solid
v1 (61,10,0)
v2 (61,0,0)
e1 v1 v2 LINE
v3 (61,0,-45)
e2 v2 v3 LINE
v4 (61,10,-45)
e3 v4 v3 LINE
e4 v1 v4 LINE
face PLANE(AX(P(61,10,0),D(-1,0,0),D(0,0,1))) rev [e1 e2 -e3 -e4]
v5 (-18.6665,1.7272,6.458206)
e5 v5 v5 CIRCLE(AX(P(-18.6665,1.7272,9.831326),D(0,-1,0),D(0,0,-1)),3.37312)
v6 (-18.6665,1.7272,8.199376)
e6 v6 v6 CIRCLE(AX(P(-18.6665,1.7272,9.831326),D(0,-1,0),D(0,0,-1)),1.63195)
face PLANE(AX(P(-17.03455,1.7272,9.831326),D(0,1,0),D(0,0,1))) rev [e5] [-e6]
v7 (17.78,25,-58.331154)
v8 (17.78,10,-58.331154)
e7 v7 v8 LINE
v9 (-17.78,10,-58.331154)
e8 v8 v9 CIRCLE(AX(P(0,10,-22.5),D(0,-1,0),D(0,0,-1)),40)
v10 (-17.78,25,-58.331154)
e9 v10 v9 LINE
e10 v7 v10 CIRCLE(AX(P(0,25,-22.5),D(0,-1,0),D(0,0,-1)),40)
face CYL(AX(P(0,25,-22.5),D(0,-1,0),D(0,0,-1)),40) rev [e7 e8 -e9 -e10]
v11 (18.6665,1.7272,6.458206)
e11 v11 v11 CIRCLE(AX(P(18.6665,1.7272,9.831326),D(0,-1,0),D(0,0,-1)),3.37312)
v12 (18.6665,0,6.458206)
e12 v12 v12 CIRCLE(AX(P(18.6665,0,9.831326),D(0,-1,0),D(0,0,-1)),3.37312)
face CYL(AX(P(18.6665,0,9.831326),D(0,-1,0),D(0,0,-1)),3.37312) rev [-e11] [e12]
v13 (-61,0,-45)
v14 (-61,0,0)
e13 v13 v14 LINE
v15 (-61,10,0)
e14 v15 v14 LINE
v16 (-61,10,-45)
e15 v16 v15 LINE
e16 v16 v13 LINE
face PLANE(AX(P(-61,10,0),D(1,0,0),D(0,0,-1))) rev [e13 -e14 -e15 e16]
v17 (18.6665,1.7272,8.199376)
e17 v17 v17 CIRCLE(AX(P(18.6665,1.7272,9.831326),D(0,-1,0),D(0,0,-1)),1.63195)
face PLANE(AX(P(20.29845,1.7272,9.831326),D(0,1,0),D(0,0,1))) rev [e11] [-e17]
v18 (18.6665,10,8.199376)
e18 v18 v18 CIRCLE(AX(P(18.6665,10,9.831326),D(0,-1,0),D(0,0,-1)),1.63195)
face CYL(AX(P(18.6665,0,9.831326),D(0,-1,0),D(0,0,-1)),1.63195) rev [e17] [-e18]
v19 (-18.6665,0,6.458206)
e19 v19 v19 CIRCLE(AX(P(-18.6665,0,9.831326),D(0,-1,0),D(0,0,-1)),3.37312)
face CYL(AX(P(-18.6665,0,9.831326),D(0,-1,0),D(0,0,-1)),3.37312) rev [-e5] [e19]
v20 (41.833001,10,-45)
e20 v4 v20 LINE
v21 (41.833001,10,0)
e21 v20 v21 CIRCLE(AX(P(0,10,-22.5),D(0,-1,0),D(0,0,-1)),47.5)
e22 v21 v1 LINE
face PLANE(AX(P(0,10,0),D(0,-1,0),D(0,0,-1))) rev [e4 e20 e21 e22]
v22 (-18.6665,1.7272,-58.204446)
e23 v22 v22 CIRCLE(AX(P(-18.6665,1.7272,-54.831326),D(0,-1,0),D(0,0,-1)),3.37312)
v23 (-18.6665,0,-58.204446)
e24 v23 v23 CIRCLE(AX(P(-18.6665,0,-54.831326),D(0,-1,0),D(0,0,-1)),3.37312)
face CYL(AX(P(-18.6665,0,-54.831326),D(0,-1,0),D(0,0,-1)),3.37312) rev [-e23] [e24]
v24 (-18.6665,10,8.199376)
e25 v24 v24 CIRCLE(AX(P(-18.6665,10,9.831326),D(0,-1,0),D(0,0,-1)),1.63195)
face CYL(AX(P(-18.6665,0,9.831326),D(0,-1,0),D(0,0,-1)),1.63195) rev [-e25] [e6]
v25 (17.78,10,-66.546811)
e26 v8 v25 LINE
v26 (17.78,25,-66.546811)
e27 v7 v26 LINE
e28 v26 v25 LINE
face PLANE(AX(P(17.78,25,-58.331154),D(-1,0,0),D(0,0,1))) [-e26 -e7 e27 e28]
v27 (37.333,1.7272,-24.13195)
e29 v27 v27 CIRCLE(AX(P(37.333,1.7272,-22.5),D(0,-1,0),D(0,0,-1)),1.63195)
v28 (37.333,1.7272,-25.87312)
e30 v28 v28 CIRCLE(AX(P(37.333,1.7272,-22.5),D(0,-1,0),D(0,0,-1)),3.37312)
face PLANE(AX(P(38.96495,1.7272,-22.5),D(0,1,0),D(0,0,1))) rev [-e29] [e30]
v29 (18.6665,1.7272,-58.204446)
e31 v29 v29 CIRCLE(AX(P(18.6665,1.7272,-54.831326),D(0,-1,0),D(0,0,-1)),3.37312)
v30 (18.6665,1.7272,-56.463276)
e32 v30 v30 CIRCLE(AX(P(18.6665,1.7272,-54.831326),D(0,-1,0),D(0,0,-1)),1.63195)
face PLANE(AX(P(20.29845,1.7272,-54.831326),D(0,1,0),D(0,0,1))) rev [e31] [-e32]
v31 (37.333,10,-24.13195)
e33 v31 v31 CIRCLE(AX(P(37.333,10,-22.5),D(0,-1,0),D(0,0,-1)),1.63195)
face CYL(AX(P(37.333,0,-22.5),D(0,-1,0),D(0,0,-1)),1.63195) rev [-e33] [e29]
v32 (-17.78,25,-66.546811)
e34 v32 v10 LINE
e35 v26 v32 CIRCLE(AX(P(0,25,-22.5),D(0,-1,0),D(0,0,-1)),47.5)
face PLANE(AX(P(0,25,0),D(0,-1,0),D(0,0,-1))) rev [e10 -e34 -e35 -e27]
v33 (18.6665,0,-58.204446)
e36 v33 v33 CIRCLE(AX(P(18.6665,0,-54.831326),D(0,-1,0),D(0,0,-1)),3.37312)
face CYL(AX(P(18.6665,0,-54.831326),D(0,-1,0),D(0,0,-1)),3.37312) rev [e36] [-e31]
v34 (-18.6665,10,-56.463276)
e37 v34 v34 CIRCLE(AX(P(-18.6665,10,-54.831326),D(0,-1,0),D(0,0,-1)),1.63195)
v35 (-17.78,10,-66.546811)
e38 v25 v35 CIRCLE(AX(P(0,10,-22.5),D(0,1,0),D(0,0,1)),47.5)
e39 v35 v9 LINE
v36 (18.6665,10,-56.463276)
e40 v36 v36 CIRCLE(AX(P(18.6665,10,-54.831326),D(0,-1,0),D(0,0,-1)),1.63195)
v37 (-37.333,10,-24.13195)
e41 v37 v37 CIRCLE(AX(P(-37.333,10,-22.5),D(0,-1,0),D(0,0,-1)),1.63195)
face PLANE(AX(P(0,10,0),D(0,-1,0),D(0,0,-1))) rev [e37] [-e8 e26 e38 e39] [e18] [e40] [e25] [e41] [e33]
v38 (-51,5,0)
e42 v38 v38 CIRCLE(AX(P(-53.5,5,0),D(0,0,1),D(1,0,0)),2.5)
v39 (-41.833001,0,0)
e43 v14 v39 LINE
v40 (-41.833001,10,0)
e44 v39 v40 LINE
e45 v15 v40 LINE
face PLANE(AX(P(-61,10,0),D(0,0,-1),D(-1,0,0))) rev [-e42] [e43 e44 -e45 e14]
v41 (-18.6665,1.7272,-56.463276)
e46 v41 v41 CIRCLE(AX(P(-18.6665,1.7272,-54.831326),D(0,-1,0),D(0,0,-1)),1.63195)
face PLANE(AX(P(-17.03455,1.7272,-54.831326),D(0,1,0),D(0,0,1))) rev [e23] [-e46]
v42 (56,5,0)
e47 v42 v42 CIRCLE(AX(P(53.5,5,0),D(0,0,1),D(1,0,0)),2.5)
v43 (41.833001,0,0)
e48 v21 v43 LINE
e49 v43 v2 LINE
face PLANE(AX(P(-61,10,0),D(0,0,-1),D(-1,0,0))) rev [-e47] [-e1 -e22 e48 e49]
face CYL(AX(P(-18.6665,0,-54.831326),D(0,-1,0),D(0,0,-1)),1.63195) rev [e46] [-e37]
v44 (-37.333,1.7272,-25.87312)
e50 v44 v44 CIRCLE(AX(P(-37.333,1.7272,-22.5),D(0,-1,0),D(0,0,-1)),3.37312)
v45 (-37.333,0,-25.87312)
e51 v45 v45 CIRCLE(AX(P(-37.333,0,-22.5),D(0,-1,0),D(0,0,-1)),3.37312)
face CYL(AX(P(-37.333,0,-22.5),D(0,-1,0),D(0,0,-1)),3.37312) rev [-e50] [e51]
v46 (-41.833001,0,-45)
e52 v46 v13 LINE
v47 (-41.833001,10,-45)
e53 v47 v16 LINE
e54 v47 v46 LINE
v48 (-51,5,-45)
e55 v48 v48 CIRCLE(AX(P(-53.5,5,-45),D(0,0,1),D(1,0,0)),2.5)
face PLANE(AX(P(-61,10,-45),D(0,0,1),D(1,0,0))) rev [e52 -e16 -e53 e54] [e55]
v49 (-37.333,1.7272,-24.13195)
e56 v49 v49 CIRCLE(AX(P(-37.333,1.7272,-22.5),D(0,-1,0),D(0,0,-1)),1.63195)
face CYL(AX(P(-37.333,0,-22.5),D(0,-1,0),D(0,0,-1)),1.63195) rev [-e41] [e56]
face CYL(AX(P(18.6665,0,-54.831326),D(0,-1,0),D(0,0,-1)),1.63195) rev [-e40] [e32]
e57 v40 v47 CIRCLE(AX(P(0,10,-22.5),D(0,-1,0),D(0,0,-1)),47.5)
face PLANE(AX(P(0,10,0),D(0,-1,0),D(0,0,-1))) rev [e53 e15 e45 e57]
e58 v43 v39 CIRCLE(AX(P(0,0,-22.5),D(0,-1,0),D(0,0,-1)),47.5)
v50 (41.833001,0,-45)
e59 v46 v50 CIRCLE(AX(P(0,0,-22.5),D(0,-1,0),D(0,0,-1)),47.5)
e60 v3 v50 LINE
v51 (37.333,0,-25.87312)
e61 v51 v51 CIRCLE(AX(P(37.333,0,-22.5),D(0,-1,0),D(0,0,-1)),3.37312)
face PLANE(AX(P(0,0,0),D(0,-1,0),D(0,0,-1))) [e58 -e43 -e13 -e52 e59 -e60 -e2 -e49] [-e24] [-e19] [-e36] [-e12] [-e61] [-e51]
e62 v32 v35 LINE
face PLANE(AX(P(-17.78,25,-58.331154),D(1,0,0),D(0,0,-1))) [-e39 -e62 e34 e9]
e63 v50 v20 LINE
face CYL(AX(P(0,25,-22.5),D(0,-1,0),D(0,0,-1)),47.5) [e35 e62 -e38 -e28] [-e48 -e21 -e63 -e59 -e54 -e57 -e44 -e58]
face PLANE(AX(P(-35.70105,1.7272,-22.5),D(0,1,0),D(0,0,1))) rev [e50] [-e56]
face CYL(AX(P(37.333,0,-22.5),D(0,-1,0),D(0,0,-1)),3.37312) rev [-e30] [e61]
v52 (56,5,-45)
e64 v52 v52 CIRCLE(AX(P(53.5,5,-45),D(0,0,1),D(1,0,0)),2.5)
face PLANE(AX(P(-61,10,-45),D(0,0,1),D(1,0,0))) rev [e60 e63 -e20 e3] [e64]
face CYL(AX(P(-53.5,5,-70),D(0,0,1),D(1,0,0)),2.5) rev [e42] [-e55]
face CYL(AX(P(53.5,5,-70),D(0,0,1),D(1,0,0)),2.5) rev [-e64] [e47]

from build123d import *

# Parameters (mm, degrees)
SKETCH7_W                                           = 122
SKETCH7_H                                           = 45
BOSS_EXTRUDE1_DEPTH                                 = 10
SKETCH9_R                                           = 2.5
BOSS_EXTRUDE2_DEPTH                                 = 10
BOSS_EXTRUDE3_START                                 = -25
SKETCH10_R                                          = 40
BOSS_EXTRUDE3_DEPTH                                 = 25
SKETCH11_R                                          = 2.5
CUT_EXTRUDE5_DEPTH                                  = 97.15612305
CUT_EXTRUDE6_DEPTH                                  = 95.053176448
CBORE_FOR_4_BINDING_HEAD_MACHINE_SCREW1_D           = 3.2639
CBORE_FOR_4_BINDING_HEAD_MACHINE_SCREW1_CBORE_D     = 6.74624
CBORE_FOR_4_BINDING_HEAD_MACHINE_SCREW1_CBORE_DEPTH = 1.7272


with BuildPart() as part:
    # Sketch7 → Boss-Extrude1 (new body)
    with BuildSketch(Plane(origin=(0, 0, 0), x_dir=(1, 0, 0), z_dir=(0, 1, 0))):
        with Locations((0, 22.5)):
            Rectangle(SKETCH7_W, SKETCH7_H)
    extrude(amount=BOSS_EXTRUDE1_DEPTH)

    # Sketch9 → Boss-Extrude2 (add)
    # profile 1 of 9: a face of its own
    with BuildSketch(Plane(origin=(0, 10, 0), x_dir=(1, 0, 0), z_dir=(0, 1, 0))):
        with BuildLine():
            ThreePointArc((35.858512086, 0), (40.682190705, 10.793495465), (42.333, 22.5))
            ThreePointArc((42.333, 22.5), (40.682190705, 34.206504535), (35.858512086, 45))
            Line((35.858512086, 45), (-35.858512086, 45))
            ThreePointArc((-35.858512086, 45), (-42.333, 22.5), (-35.858512086, 0))
            Line((-35.858512086, 0), (35.858512086, 0))
        make_face()
        with Locations((37.333, 22.5)):
            Circle(SKETCH9_R, mode=Mode.SUBTRACT)
        with Locations((-37.333, 22.5)):
            Circle(SKETCH9_R, mode=Mode.SUBTRACT)
    # profile 2 of 9: a face of its own
    with BuildSketch(Plane(origin=(0, 10, 0), x_dir=(1, 0, 0), z_dir=(0, 1, 0))):
        with Locations((37.333, 22.5)):
            Circle(SKETCH9_R)
    # profile 3 of 9: a face of its own
    with BuildSketch(Plane(origin=(0, 10, 0), x_dir=(1, 0, 0), z_dir=(0, 1, 0))):
        with Locations((-37.333, 22.5)):
            Circle(SKETCH9_R)
    # profile 4 of 9: a face of its own
    with BuildSketch(Plane(origin=(0, 10, 0), x_dir=(1, 0, 0), z_dir=(0, 1, 0))):
        with BuildLine():
            ThreePointArc((-35.858512086, 0), (0, -19.833), (35.858512086, 0))
            Line((35.858512086, 0), (-35.858512086, 0))
        make_face()
        with Locations((-18.6665, -9.831326399)):
            Circle(SKETCH9_R, mode=Mode.SUBTRACT)
        with Locations((18.6665, -9.831326399)):
            Circle(SKETCH9_R, mode=Mode.SUBTRACT)
    # profile 5 of 9: a face of its own
    with BuildSketch(Plane(origin=(0, 10, 0), x_dir=(1, 0, 0), z_dir=(0, 1, 0))):
        with Locations((18.6665, -9.831326399)):
            Circle(SKETCH9_R)
    # profile 6 of 9: a face of its own
    with BuildSketch(Plane(origin=(0, 10, 0), x_dir=(1, 0, 0), z_dir=(0, 1, 0))):
        with Locations((-18.6665, -9.831326399)):
            Circle(SKETCH9_R)
    # profile 7 of 9: a face of its own
    with BuildSketch(Plane(origin=(0, 10, 0), x_dir=(1, 0, 0), z_dir=(0, 1, 0))):
        with BuildLine():
            Line((-35.858512086, 45), (35.858512086, 45))
            ThreePointArc((35.858512086, 45), (0, 64.833), (-35.858512086, 45))
        make_face()
        with Locations((-18.6665, 54.831326399)):
            Circle(SKETCH9_R, mode=Mode.SUBTRACT)
        with Locations((18.6665, 54.831326399)):
            Circle(SKETCH9_R, mode=Mode.SUBTRACT)
    # profile 8 of 9: a face of its own
    with BuildSketch(Plane(origin=(0, 10, 0), x_dir=(1, 0, 0), z_dir=(0, 1, 0))):
        with Locations((18.6665, 54.831326399)):
            Circle(SKETCH9_R)
    # profile 9 of 9: a face of its own
    with BuildSketch(Plane(origin=(0, 10, 0), x_dir=(1, 0, 0), z_dir=(0, 1, 0))):
        with Locations((-18.6665, 54.831326399)):
            Circle(SKETCH9_R)
    extrude(amount=-BOSS_EXTRUDE2_DEPTH)

    # Sketch10 → Boss-Extrude3 (add)
    # profile 1 of 3: a face of its own
    with BuildSketch(Plane.XZ.offset(BOSS_EXTRUDE3_START)):
        with BuildLine():
            ThreePointArc((-41.833001327, -45), (0, -70), (41.833001327, -45))
            Line((41.833001327, -45), (35.858512086, -45))
            ThreePointArc((35.858512086, -45), (0, -64.833), (-35.858512086, -45))
            Line((-35.858512086, -45), (-41.833001327, -45))
        make_face()
    # profile 2 of 3: a face of its own
    with BuildSketch(Plane.XZ.offset(BOSS_EXTRUDE3_START)):
        with BuildLine():
            ThreePointArc((41.833001327, -45), (46.061467427, -34.101345547), (47.5, -22.5))
            ThreePointArc((47.5, -22.5), (46.061467427, -10.898654453), (41.833001327, 0))
            Line((41.833001327, 0), (35.858512086, 0))
            ThreePointArc((35.858512086, 0), (0, 19.833), (-35.858512086, 0))
            Line((-35.858512086, 0), (-41.833001327, 0))
            ThreePointArc((-41.833001327, 0), (-47.5, -22.5), (-41.833001327, -45))
            Line((-41.833001327, -45), (-35.858512086, -45))
            ThreePointArc((-35.858512086, -45), (0, -64.833), (35.858512086, -45))
            Line((35.858512086, -45), (41.833001327, -45))
        make_face()
        with Locations(Location((0, -22.5, 0), (0, 0, 270))):
            Circle(SKETCH10_R, mode=Mode.SUBTRACT)
    # profile 3 of 3: a face of its own
    with BuildSketch(Plane.XZ.offset(BOSS_EXTRUDE3_START)):
        with BuildLine():
            Line((35.858512086, 0), (41.833001327, 0))
            ThreePointArc((41.833001327, 0), (0, 25), (-41.833001327, 0))
            Line((-41.833001327, 0), (-35.858512086, 0))
            ThreePointArc((-35.858512086, 0), (0, 19.833), (35.858512086, 0))
        make_face()
    extrude(amount=BOSS_EXTRUDE3_DEPTH)

    # Sketch11 → Cut-Extrude5 (cut, through all)
    with BuildSketch(Plane.XY):
        with Locations((-53.5, 5)):
            Circle(SKETCH11_R)
        with Locations((53.5, 5)):
            Circle(SKETCH11_R)
    extrude(amount=-CUT_EXTRUDE5_DEPTH, mode=Mode.SUBTRACT)

    # Sketch12 → Cut-Extrude6 (cut, through all)
    with BuildSketch(Plane(origin=(0, 10, 0), x_dir=(1, 0, 0), z_dir=(0, 1, 0))):
        with BuildLine():
            Line((-17.78, 58.331154042), (-17.78, 66.546811462))
            ThreePointArc((-17.78, 66.546811462), (0, 70), (17.78, 66.546811462))
            Line((17.78, 66.546811462), (17.78, 58.331154042))
            ThreePointArc((17.78, 58.331154042), (0, 62.5), (-17.78, 58.331154042))
        make_face()
    extrude(amount=CUT_EXTRUDE6_DEPTH, mode=Mode.SUBTRACT)

    # CBORE for #4 Binding Head Machine Screw1 (through all)
    with Locations(Plane.XZ):
        with Locations((-18.6665, 9.831326399), (18.6665, 9.831326399), (37.333, -22.5), (18.6665, -54.831326399), (-18.6665, -54.831326399), (-37.333, -22.5)):
            CounterBoreHole(CBORE_FOR_4_BINDING_HEAD_MACHINE_SCREW1_D / 2, CBORE_FOR_4_BINDING_HEAD_MACHINE_SCREW1_CBORE_D / 2, CBORE_FOR_4_BINDING_HEAD_MACHINE_SCREW1_CBORE_DEPTH)


solid = part.part
